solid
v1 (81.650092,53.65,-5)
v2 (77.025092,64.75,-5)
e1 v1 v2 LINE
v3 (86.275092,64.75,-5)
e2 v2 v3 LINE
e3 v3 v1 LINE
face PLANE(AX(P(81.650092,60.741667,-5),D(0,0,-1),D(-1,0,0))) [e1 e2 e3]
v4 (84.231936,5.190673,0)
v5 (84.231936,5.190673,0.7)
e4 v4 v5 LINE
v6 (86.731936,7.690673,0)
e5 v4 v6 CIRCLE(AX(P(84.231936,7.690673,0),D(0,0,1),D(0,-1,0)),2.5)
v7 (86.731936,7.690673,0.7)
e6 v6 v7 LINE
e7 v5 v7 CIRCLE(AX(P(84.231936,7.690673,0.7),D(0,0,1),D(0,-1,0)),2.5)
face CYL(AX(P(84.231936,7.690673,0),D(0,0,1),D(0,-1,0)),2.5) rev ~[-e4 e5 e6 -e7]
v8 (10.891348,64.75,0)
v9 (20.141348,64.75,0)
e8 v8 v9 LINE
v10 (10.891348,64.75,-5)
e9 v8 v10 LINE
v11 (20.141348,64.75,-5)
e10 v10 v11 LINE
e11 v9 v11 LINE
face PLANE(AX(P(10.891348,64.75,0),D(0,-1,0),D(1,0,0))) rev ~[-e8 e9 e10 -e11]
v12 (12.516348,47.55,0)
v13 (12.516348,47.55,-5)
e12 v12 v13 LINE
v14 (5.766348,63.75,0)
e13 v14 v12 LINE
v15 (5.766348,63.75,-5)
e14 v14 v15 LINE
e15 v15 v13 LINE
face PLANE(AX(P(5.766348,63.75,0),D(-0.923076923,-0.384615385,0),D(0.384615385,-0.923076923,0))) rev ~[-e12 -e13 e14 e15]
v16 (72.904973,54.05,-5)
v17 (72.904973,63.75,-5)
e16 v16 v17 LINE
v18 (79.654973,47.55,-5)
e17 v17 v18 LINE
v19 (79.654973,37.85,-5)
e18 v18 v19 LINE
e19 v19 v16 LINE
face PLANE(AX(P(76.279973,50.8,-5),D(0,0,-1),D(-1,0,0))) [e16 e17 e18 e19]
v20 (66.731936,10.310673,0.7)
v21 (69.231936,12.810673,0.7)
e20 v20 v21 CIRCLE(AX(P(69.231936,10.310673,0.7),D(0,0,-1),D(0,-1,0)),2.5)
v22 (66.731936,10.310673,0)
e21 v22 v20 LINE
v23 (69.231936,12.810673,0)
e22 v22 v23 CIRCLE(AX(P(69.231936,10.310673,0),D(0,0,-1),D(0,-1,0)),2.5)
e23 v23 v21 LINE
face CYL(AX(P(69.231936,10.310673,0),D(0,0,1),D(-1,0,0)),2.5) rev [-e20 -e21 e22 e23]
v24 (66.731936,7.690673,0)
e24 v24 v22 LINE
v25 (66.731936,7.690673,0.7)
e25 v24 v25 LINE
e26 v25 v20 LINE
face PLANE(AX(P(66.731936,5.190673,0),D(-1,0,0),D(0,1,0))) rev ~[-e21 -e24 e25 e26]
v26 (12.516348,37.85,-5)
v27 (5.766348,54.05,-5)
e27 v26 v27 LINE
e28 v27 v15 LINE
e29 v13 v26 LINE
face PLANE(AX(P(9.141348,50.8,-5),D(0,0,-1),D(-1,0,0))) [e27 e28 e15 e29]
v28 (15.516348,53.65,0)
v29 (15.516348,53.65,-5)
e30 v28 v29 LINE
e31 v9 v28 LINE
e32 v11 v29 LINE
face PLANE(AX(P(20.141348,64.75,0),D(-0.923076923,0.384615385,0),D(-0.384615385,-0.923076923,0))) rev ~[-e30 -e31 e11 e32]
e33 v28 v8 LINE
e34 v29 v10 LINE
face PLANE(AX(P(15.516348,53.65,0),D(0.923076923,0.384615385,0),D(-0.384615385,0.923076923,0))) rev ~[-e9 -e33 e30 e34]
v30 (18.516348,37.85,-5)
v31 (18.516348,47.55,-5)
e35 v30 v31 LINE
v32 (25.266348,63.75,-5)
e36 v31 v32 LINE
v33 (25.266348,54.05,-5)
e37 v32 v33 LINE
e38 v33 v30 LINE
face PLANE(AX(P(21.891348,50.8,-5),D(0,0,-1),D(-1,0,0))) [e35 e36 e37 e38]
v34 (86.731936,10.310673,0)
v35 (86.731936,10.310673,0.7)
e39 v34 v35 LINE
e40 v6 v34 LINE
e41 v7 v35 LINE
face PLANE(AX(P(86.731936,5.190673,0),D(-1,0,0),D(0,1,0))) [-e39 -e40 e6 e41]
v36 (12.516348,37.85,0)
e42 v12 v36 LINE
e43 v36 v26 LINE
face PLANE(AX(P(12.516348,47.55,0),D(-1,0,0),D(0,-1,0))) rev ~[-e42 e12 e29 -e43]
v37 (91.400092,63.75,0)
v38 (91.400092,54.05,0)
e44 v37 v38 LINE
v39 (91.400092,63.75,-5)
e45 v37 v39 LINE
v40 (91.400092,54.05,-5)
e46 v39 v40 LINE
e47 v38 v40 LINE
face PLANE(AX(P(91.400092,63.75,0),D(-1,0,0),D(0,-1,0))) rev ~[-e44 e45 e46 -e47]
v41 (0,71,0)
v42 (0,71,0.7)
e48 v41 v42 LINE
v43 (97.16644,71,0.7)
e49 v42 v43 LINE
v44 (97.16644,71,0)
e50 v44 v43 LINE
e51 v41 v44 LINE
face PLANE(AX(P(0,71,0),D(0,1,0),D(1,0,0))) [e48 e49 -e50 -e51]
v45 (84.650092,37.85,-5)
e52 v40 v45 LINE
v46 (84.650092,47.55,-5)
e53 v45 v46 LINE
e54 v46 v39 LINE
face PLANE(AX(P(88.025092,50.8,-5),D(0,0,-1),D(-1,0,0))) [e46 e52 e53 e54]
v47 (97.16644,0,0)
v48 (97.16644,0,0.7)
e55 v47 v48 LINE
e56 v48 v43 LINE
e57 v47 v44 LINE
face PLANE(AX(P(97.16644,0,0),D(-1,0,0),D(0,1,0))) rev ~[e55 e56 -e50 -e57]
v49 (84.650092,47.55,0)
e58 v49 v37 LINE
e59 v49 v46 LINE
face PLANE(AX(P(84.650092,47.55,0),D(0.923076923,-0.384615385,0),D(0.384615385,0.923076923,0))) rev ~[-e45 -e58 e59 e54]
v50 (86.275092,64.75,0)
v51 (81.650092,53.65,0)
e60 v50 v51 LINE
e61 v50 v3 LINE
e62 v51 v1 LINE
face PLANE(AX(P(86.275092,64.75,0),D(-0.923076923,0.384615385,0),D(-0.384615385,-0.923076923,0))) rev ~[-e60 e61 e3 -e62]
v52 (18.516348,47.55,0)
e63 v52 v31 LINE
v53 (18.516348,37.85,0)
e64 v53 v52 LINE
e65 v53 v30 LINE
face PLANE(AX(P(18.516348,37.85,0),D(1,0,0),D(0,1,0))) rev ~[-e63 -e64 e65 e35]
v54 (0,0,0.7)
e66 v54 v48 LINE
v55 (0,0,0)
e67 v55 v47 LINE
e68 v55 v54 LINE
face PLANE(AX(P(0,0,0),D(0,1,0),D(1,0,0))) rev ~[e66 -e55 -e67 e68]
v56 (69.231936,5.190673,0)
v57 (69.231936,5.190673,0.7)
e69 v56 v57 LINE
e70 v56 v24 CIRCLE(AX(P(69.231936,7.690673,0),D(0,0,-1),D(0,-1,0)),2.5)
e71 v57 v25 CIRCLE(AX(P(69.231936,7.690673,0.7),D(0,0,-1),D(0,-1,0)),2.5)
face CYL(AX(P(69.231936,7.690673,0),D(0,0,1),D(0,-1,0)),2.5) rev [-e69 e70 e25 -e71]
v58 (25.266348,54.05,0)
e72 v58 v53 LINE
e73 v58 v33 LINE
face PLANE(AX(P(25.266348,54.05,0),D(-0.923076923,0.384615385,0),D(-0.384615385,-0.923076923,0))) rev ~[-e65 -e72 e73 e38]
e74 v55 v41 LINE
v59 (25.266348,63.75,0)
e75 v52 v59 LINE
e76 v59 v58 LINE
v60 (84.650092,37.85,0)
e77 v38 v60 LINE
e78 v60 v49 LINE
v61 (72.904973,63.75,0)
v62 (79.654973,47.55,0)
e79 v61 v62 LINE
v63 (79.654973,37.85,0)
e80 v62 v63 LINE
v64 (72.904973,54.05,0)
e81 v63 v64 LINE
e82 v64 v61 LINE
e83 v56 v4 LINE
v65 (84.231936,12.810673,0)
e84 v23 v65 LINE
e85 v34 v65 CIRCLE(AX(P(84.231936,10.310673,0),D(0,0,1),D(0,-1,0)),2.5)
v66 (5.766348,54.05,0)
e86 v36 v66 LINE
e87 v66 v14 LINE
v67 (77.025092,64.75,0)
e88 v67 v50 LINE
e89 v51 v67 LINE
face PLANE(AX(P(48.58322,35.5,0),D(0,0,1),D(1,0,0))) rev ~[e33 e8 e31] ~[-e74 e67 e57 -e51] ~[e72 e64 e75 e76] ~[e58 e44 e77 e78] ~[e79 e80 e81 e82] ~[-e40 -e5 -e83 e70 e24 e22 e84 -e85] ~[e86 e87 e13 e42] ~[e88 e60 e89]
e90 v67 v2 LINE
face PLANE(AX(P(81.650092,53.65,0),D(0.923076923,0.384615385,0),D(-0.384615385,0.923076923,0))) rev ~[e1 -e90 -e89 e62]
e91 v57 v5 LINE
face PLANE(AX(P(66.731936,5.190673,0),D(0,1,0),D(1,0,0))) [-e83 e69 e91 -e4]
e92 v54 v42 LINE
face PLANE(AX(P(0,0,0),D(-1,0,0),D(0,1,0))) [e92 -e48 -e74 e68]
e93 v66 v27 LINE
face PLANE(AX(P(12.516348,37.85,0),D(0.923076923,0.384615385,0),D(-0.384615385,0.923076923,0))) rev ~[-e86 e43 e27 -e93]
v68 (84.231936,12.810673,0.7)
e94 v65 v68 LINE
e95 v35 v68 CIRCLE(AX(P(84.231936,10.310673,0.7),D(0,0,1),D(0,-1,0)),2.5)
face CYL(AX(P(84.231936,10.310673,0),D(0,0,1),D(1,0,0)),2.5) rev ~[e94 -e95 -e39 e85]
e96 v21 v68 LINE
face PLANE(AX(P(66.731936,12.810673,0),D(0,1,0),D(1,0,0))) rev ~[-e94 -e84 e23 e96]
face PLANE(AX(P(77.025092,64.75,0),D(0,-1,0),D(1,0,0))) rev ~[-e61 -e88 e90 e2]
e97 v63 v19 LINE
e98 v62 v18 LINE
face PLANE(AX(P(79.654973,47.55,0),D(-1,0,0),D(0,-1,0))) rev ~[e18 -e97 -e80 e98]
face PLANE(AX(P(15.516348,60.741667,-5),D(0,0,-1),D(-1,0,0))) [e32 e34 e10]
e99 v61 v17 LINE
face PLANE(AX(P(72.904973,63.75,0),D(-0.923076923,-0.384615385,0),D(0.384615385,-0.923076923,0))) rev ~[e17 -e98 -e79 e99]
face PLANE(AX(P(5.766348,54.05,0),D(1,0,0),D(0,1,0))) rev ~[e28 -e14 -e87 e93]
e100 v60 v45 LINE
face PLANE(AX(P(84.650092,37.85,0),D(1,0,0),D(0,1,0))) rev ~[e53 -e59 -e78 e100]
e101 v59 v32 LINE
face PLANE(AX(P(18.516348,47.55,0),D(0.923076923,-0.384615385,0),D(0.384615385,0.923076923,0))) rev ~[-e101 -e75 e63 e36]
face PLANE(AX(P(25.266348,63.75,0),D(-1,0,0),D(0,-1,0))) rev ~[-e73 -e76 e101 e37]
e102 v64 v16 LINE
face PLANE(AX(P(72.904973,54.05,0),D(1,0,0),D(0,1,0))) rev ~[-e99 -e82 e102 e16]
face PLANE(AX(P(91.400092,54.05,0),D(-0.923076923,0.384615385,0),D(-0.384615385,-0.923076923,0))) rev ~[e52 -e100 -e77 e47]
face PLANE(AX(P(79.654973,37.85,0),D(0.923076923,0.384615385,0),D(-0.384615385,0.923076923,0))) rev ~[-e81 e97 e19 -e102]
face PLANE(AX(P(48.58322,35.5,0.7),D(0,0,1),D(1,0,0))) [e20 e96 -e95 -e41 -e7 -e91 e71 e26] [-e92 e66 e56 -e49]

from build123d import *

# Parameters (mm, degrees)
SKETCH1_W           = 97.16644
SKETCH1_H           = 71
SKETCH1_W_2         = 20
SKETCH1_H_2         = 7.62
BOSS_EXTRUDE2_DEPTH = 0.7
BOSS_EXTRUDE3_DEPTH = 5
FILLET1_R           = 2.5


with BuildPart() as part:
    # Sketch1 → Boss-Extrude2 (new body)
    with BuildSketch(Plane.XY):
        with Locations((48.58322, 35.5)):
            Rectangle(SKETCH1_W, SKETCH1_H)
        with Locations((76.731936, 9.000673)):
            Rectangle(SKETCH1_W_2, SKETCH1_H_2, mode=Mode.SUBTRACT)
    extrude(amount=BOSS_EXTRUDE2_DEPTH)

    # Sketch1<4> → Boss-Extrude3 (add)
    with BuildSketch(Plane.XY):
        Polygon((25.266348, 63.75), (18.516348, 47.55), (18.516348, 37.85), (25.266348, 54.05), align=None)
        Polygon((10.891348, 64.75), (15.516348, 53.65), (20.141348, 64.75), align=None)
        Polygon((5.766348, 63.75), (5.766348, 54.05), (12.516348, 37.85), (12.516348, 47.55), align=None)
        Polygon((72.904973, 54.05), (79.654973, 37.85), (79.654973, 47.55), (72.904973, 63.75), align=None)
        Polygon((77.025092, 64.75), (81.650092, 53.65), (86.275092, 64.75), align=None)
        Polygon((91.400092, 63.75), (84.650092, 47.55), (84.650092, 37.85), (91.400092, 54.05), align=None)
    extrude(amount=-BOSS_EXTRUDE3_DEPTH)

    # Fillet1
    fillet1_edges = [part.edges().sort_by_distance(p)[0] for p in [
        (66.731936, 5.190673, 0.35),
        (66.731936, 12.810673, 0.35),
        (86.731936, 12.810673, 0.35),
        (86.731936, 5.190673, 0.35),
    ]]
    fillet(fillet1_edges, radius=FILLET1_R)


solid = part.part
